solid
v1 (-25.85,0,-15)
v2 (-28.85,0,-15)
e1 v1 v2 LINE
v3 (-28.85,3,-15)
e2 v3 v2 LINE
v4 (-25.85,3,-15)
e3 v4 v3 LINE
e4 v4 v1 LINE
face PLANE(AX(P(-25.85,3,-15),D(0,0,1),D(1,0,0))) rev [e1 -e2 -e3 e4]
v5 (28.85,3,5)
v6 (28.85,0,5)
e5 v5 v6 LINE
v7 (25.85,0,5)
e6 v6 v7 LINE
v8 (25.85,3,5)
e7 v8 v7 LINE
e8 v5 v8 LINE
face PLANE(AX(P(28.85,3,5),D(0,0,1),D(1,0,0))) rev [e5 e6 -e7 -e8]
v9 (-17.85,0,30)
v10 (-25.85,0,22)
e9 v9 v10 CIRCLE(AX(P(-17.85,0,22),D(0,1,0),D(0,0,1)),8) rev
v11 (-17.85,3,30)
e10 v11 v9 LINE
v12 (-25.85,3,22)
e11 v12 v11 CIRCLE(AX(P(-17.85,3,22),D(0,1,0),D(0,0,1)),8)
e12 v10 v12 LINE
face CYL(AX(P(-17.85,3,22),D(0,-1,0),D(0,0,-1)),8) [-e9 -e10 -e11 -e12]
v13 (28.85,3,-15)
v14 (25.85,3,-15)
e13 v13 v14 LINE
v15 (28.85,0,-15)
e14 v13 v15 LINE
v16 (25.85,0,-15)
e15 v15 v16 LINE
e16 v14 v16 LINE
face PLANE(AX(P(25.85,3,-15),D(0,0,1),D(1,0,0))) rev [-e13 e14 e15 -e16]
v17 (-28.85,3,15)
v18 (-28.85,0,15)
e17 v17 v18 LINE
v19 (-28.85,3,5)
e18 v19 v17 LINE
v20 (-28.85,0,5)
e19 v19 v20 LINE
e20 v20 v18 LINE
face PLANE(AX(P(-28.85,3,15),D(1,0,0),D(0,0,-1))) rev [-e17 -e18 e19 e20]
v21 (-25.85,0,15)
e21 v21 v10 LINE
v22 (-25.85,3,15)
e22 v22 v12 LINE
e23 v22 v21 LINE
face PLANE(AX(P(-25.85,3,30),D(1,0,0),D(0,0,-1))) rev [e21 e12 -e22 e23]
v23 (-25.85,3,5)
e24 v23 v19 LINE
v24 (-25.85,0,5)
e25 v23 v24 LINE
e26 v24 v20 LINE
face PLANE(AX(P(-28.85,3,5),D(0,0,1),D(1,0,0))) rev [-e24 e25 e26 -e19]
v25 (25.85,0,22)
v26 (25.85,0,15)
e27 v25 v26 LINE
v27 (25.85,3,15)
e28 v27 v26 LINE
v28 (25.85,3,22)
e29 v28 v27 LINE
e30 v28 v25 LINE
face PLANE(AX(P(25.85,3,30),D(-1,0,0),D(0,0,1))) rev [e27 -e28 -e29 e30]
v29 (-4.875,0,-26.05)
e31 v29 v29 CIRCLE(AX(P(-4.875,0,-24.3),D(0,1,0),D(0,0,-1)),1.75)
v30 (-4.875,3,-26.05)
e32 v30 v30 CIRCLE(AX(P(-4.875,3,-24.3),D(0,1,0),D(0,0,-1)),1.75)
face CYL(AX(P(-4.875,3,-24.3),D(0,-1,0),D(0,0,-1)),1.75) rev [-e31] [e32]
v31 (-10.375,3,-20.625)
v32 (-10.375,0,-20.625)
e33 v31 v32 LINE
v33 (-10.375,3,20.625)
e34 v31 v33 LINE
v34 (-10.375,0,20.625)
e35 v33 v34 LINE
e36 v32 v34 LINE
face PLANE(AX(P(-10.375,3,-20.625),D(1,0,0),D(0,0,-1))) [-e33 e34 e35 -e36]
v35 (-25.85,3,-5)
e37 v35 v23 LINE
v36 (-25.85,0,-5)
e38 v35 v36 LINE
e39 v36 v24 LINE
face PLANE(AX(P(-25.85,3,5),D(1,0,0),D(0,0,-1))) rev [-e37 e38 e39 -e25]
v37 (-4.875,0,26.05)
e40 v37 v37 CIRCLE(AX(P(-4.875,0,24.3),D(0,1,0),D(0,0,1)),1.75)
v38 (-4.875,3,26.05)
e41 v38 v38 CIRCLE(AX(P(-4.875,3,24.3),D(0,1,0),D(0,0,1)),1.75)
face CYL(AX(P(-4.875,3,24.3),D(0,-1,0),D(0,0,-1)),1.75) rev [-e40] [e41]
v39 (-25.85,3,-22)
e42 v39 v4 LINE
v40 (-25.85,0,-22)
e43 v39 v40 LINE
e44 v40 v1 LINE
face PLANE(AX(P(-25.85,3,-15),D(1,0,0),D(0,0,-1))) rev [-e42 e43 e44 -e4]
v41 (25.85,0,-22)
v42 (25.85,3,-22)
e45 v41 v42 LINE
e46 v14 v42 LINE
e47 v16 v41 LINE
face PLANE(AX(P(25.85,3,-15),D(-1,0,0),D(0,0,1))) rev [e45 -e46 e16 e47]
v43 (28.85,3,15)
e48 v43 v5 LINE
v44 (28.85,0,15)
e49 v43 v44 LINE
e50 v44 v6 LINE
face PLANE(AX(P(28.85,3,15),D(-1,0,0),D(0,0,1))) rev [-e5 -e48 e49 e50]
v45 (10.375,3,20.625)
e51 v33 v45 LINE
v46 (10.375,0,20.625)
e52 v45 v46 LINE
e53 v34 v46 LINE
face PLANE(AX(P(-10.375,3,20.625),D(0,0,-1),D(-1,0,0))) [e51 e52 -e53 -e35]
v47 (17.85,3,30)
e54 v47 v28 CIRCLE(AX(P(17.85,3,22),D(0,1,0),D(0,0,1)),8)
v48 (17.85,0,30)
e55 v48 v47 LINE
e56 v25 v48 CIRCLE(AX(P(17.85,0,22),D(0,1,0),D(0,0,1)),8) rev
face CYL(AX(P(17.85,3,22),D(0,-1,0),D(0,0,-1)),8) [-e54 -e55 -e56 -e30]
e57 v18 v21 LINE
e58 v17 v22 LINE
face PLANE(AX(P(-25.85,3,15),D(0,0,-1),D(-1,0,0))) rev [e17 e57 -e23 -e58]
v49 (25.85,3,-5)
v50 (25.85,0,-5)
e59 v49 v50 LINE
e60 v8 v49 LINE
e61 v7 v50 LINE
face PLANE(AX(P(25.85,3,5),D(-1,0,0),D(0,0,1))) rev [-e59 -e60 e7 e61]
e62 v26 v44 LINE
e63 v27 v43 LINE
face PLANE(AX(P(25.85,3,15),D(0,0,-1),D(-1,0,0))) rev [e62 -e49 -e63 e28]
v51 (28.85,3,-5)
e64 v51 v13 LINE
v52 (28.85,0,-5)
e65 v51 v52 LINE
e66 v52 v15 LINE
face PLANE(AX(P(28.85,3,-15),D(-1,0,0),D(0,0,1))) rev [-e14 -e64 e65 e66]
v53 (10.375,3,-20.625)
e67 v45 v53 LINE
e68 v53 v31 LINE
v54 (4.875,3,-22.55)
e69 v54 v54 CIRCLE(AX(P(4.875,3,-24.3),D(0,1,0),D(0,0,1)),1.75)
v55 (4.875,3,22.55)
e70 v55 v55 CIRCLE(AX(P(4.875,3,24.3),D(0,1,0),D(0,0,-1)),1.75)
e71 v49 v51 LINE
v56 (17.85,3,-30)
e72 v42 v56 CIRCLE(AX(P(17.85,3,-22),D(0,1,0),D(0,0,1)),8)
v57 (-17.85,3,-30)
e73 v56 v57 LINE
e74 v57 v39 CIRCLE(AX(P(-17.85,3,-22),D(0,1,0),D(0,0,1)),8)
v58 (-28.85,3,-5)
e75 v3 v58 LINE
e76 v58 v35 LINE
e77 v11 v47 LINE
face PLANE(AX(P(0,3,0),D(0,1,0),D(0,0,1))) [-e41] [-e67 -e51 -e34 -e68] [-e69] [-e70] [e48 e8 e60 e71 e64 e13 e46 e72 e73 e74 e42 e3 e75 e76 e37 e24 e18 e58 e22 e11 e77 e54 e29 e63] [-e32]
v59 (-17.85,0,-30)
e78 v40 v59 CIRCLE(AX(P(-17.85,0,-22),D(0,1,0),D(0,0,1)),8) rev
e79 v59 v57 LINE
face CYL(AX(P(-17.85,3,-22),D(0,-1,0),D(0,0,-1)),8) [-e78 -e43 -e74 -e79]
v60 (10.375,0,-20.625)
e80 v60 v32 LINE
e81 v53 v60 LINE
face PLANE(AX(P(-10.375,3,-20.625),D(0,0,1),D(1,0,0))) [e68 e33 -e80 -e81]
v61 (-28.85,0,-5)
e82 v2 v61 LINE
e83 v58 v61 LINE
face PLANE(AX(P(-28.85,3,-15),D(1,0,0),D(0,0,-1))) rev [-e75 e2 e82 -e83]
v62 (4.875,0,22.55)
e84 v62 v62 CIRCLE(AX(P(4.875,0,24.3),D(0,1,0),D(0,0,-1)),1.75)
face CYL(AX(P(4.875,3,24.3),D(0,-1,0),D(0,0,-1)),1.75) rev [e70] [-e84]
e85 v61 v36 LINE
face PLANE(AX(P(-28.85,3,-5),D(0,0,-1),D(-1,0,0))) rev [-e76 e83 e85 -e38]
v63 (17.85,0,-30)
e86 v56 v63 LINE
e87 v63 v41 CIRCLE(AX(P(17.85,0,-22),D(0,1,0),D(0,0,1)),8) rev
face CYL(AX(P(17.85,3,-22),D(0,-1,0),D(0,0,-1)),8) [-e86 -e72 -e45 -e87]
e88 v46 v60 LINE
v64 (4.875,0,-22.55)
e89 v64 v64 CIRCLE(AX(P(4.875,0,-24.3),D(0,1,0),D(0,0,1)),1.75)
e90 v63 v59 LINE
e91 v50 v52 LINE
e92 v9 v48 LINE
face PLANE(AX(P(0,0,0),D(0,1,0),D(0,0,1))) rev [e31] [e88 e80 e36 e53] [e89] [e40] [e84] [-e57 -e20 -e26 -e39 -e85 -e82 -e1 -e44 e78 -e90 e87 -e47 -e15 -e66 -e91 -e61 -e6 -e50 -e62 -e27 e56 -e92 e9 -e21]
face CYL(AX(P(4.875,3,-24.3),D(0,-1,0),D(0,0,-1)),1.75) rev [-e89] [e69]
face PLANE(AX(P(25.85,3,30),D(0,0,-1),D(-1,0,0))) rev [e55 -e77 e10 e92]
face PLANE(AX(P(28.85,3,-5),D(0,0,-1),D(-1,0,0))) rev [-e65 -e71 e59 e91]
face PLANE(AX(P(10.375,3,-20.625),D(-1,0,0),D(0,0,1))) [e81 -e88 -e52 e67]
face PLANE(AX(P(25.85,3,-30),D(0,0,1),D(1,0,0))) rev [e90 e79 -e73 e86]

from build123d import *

# Parameters (mm, degrees)
SKETCH_1_R      = 1.75
SKETCH_1_W      = 20.75
SKETCH_1_H      = 41.25
EXTRUDE_1_DEPTH = 3
FILLET_1_R      = 8


with BuildPart() as part:
    # 草图1 → 凸台-拉伸1 (new body)
    with BuildSketch(Plane(origin=(0, 0, 0), x_dir=(1, 0, 0), z_dir=(0, 1, 0))):
        Polygon((25.85, -30), (-25.85, -30), (-25.85, -15), (-28.85, -15), (-28.85, -5), (-25.85, -5), (-25.85, 5), (-28.85, 5), (-28.85, 15), (-25.85, 15), (-25.85, 30), (25.85, 30), (25.85, 15), (28.85, 15), (28.85, 5), (25.85, 5), (25.85, -5), (28.85, -5), (28.85, -15), (25.85, -15), align=None)
        with Locations(Location((-4.875, -24.3, 0), (0, 0, 270))):
            Circle(SKETCH_1_R, mode=Mode.SUBTRACT)
        with Locations(Location((4.875, -24.3, 0), (0, 0, 90))):
            Circle(SKETCH_1_R, mode=Mode.SUBTRACT)
        with Locations(Location((4.875, 24.3, 0), (0, 0, 270))):
            Circle(SKETCH_1_R, mode=Mode.SUBTRACT)
        with Locations(Location((-4.875, 24.3, 0), (0, 0, 90))):
            Circle(SKETCH_1_R, mode=Mode.SUBTRACT)
        Rectangle(SKETCH_1_W, SKETCH_1_H, mode=Mode.SUBTRACT)
    extrude(amount=EXTRUDE_1_DEPTH)

    # 圆角1
    fillet_1_edges = [part.edges().sort_by_distance(p)[0] for p in [
        (-25.85, 1.5, -30),
        (25.85, 1.5, -30),
        (25.85, 1.5, 30),
        (-25.85, 1.5, 30),
    ]]
    fillet(fillet_1_edges, radius=FILLET_1_R)


solid = part.part
